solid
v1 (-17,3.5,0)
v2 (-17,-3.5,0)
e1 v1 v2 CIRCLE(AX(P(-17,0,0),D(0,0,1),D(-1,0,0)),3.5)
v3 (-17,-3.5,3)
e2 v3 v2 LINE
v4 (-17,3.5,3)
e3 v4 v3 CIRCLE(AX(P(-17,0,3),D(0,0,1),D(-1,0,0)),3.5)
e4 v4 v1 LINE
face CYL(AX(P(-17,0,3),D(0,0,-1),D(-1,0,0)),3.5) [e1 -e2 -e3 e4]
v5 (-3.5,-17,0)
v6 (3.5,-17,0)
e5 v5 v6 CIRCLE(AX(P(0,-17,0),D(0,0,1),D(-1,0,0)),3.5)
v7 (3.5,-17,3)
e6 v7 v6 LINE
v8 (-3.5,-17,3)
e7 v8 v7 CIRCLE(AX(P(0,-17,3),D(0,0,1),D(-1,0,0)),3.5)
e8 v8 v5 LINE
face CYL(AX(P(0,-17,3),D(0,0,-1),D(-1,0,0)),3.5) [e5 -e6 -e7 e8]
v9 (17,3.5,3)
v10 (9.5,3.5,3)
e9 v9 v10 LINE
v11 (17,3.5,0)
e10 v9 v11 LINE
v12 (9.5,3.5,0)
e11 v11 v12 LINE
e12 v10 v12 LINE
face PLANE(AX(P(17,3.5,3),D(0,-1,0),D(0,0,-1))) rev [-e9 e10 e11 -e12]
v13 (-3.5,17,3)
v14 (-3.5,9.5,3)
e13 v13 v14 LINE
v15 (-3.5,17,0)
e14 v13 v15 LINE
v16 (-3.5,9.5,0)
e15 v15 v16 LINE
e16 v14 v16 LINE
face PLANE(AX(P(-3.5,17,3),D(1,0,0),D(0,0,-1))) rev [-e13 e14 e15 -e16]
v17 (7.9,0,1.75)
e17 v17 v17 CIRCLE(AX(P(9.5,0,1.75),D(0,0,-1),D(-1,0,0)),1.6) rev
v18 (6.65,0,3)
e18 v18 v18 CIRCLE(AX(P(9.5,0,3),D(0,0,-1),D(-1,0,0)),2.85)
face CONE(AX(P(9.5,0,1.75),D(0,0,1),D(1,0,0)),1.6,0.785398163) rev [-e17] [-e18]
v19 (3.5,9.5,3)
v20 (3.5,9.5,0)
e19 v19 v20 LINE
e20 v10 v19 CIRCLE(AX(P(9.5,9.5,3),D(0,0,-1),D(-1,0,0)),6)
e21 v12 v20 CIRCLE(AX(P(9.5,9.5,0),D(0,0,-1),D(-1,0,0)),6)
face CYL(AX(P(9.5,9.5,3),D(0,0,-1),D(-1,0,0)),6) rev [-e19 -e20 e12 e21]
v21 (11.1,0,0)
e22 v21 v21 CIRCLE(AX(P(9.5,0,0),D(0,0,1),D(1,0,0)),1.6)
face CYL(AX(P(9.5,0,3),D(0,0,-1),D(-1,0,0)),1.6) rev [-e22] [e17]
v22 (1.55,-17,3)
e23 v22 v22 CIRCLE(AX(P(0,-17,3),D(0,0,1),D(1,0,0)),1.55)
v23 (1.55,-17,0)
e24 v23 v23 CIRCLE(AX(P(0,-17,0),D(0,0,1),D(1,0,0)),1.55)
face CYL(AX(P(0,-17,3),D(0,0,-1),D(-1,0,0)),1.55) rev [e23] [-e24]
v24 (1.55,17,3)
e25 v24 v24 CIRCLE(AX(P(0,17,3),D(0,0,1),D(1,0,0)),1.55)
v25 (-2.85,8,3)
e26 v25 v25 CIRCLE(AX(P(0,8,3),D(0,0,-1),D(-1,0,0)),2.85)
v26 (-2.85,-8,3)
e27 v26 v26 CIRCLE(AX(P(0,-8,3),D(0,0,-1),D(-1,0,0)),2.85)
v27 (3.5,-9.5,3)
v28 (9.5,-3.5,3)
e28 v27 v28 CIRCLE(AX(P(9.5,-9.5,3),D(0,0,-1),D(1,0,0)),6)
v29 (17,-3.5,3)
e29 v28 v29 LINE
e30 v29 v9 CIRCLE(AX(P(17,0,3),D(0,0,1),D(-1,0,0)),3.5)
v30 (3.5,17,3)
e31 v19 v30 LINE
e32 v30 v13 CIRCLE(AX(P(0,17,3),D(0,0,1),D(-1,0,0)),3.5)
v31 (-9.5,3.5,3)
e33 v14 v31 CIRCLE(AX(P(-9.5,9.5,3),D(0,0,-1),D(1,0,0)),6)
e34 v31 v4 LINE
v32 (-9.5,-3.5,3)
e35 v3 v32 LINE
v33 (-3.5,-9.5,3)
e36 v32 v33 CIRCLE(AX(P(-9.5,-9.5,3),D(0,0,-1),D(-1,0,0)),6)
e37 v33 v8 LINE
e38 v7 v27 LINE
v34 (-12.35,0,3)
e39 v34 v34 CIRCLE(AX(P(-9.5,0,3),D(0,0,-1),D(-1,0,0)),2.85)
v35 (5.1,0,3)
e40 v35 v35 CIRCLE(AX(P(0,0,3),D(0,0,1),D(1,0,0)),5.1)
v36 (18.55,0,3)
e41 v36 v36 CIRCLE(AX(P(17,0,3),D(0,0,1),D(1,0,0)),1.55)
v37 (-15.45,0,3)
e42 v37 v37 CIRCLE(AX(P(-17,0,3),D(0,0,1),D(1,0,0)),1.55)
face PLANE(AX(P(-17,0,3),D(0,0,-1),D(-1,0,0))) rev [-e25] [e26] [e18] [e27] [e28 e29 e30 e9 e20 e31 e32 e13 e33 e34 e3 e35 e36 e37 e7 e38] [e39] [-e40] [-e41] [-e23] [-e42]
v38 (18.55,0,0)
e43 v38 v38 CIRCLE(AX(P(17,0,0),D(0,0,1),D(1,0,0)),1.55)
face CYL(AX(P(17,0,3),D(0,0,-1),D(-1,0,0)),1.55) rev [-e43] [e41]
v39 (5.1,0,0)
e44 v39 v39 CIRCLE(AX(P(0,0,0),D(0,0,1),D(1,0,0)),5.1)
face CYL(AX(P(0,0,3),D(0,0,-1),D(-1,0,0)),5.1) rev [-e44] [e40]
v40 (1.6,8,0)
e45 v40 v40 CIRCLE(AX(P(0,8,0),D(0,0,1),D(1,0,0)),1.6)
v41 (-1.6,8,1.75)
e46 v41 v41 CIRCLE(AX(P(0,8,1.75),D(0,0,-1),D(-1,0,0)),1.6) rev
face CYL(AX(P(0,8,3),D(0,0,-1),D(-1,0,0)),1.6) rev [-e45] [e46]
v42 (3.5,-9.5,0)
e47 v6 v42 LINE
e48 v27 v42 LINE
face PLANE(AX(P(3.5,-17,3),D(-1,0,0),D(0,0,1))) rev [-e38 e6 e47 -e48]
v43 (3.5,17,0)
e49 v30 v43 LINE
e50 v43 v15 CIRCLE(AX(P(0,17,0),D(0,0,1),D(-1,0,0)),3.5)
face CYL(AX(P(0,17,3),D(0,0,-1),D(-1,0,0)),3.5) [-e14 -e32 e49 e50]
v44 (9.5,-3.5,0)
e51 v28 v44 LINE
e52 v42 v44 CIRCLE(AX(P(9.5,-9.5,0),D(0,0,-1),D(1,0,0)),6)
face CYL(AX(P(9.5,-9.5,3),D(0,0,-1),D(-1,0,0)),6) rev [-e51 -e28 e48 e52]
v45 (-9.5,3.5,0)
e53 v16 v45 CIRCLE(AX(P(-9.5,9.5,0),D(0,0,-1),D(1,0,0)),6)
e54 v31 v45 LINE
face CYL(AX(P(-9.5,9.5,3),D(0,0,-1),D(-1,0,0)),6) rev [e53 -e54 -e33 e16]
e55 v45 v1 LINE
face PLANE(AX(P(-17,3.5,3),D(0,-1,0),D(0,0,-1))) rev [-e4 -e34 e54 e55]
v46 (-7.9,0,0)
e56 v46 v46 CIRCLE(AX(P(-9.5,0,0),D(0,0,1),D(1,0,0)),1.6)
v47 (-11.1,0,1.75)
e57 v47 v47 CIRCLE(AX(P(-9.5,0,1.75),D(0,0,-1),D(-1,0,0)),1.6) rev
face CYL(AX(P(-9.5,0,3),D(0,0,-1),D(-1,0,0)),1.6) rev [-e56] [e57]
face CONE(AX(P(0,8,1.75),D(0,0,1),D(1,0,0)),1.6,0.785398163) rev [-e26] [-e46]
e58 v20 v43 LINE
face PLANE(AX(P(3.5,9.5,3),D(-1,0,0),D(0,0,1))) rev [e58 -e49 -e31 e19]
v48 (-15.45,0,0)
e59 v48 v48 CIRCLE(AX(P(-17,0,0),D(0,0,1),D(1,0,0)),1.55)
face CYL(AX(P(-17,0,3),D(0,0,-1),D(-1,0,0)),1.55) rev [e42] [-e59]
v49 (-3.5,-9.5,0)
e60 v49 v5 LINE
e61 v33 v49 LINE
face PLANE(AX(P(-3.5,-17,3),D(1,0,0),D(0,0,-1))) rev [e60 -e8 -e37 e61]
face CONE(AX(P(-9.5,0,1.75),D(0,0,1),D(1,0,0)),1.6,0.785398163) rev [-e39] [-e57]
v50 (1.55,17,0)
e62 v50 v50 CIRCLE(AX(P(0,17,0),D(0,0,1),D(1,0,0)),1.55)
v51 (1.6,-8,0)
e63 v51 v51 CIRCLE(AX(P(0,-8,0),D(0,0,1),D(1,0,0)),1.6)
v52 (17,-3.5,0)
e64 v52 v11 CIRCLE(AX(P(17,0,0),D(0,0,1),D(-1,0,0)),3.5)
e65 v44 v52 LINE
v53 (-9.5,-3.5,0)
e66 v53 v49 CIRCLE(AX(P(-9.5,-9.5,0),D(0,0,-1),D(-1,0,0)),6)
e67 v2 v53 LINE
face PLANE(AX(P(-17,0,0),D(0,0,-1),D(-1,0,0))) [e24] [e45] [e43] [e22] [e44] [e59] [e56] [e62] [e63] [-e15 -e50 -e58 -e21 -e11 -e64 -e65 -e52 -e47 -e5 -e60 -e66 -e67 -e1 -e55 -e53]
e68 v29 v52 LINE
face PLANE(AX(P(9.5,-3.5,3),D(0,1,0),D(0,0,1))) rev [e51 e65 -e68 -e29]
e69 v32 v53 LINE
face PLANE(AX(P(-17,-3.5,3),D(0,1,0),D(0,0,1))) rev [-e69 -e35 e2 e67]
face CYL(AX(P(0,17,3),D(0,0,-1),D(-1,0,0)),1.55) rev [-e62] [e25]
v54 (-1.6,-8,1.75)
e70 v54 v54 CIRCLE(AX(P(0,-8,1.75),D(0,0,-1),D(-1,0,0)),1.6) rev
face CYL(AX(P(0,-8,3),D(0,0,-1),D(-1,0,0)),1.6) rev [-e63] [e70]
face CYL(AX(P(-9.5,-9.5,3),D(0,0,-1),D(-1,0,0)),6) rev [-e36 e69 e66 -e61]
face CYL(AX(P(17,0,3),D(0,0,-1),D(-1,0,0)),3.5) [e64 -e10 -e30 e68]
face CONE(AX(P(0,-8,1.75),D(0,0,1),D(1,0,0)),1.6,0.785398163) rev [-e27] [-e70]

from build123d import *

# Parameters (mm, degrees)
SKETCH1_R           = 5.1
SKETCH1_R_2         = 1.6
SKETCH1_R_3         = 1.55
BOSS_EXTRUDE1_DEPTH = 3
CHAMFER1_SIZE       = 1.25


with BuildPart() as part:
    # Sketch1 → Boss-Extrude1 (new body)
    with BuildSketch(Plane(origin=(0, 0, 0), x_dir=(0, 1, 0), z_dir=(0, 0, 1))):
        with BuildLine():
            Line((3.5, 17), (3.5, 9.5))
            ThreePointArc((3.5, 9.5), (5.257359313, 5.257359313), (9.5, 3.5))
            Line((9.5, 3.5), (17, 3.5))
            ThreePointArc((17, 3.5), (20.5, 0), (17, -3.5))
            Line((17, -3.5), (9.5, -3.5))
            ThreePointArc((9.5, -3.5), (5.257359313, -5.257359313), (3.5, -9.5))
            Line((3.5, -9.5), (3.5, -17))
            ThreePointArc((3.5, -17), (0, -20.5), (-3.5, -17))
            Line((-3.5, -17), (-3.5, -9.5))
            ThreePointArc((-3.5, -9.5), (-5.257359313, -5.257359313), (-9.5, -3.5))
            Line((-9.5, -3.5), (-17, -3.5))
            ThreePointArc((-17, -3.5), (-20.5, 0), (-17, 3.5))
            Line((-17, 3.5), (-9.5, 3.5))
            ThreePointArc((-9.5, 3.5), (-5.257359313, 5.257359313), (-3.5, 9.5))
            Line((-3.5, 9.5), (-3.5, 17))
            ThreePointArc((-3.5, 17), (0, 20.5), (3.5, 17))
        make_face()
        with Locations(Location((0, 0, 0), (0, 0, 270))):
            Circle(SKETCH1_R, mode=Mode.SUBTRACT)
        with Locations(Location((0, 9.5, 0), (0, 0, 270))):
            Circle(SKETCH1_R_2, mode=Mode.SUBTRACT)
        with Locations(Location((8, 0, 0), (0, 0, 270))):
            Circle(SKETCH1_R_2, mode=Mode.SUBTRACT)
        with Locations(Location((-8, 0, 0), (0, 0, 270))):
            Circle(SKETCH1_R_2, mode=Mode.SUBTRACT)
        with Locations(Location((0, -9.5, 0), (0, 0, 270))):
            Circle(SKETCH1_R_2, mode=Mode.SUBTRACT)
        with Locations(Location((0, 17, 0), (0, 0, 270))):
            Circle(SKETCH1_R_3, mode=Mode.SUBTRACT)
        with Locations(Location((17, 0, 0), (0, 0, 270))):
            Circle(SKETCH1_R_3, mode=Mode.SUBTRACT)
        with Locations(Location((-17, 0, 0), (0, 0, 270))):
            Circle(SKETCH1_R_3, mode=Mode.SUBTRACT)
        with Locations(Location((0, -17, 0), (0, 0, 270))):
            Circle(SKETCH1_R_3, mode=Mode.SUBTRACT)
    extrude(amount=BOSS_EXTRUDE1_DEPTH)

    # Chamfer1
    chamfer1_edges = [part.edges().sort_by_distance(p)[0] for p in [
        (-11.1, 0, 3),
        (-1.6, 8, 3),
        (-1.6, -8, 3),
        (7.9, 0, 3),
    ]]
    chamfer(chamfer1_edges, length=CHAMFER1_SIZE)


solid = part.part
